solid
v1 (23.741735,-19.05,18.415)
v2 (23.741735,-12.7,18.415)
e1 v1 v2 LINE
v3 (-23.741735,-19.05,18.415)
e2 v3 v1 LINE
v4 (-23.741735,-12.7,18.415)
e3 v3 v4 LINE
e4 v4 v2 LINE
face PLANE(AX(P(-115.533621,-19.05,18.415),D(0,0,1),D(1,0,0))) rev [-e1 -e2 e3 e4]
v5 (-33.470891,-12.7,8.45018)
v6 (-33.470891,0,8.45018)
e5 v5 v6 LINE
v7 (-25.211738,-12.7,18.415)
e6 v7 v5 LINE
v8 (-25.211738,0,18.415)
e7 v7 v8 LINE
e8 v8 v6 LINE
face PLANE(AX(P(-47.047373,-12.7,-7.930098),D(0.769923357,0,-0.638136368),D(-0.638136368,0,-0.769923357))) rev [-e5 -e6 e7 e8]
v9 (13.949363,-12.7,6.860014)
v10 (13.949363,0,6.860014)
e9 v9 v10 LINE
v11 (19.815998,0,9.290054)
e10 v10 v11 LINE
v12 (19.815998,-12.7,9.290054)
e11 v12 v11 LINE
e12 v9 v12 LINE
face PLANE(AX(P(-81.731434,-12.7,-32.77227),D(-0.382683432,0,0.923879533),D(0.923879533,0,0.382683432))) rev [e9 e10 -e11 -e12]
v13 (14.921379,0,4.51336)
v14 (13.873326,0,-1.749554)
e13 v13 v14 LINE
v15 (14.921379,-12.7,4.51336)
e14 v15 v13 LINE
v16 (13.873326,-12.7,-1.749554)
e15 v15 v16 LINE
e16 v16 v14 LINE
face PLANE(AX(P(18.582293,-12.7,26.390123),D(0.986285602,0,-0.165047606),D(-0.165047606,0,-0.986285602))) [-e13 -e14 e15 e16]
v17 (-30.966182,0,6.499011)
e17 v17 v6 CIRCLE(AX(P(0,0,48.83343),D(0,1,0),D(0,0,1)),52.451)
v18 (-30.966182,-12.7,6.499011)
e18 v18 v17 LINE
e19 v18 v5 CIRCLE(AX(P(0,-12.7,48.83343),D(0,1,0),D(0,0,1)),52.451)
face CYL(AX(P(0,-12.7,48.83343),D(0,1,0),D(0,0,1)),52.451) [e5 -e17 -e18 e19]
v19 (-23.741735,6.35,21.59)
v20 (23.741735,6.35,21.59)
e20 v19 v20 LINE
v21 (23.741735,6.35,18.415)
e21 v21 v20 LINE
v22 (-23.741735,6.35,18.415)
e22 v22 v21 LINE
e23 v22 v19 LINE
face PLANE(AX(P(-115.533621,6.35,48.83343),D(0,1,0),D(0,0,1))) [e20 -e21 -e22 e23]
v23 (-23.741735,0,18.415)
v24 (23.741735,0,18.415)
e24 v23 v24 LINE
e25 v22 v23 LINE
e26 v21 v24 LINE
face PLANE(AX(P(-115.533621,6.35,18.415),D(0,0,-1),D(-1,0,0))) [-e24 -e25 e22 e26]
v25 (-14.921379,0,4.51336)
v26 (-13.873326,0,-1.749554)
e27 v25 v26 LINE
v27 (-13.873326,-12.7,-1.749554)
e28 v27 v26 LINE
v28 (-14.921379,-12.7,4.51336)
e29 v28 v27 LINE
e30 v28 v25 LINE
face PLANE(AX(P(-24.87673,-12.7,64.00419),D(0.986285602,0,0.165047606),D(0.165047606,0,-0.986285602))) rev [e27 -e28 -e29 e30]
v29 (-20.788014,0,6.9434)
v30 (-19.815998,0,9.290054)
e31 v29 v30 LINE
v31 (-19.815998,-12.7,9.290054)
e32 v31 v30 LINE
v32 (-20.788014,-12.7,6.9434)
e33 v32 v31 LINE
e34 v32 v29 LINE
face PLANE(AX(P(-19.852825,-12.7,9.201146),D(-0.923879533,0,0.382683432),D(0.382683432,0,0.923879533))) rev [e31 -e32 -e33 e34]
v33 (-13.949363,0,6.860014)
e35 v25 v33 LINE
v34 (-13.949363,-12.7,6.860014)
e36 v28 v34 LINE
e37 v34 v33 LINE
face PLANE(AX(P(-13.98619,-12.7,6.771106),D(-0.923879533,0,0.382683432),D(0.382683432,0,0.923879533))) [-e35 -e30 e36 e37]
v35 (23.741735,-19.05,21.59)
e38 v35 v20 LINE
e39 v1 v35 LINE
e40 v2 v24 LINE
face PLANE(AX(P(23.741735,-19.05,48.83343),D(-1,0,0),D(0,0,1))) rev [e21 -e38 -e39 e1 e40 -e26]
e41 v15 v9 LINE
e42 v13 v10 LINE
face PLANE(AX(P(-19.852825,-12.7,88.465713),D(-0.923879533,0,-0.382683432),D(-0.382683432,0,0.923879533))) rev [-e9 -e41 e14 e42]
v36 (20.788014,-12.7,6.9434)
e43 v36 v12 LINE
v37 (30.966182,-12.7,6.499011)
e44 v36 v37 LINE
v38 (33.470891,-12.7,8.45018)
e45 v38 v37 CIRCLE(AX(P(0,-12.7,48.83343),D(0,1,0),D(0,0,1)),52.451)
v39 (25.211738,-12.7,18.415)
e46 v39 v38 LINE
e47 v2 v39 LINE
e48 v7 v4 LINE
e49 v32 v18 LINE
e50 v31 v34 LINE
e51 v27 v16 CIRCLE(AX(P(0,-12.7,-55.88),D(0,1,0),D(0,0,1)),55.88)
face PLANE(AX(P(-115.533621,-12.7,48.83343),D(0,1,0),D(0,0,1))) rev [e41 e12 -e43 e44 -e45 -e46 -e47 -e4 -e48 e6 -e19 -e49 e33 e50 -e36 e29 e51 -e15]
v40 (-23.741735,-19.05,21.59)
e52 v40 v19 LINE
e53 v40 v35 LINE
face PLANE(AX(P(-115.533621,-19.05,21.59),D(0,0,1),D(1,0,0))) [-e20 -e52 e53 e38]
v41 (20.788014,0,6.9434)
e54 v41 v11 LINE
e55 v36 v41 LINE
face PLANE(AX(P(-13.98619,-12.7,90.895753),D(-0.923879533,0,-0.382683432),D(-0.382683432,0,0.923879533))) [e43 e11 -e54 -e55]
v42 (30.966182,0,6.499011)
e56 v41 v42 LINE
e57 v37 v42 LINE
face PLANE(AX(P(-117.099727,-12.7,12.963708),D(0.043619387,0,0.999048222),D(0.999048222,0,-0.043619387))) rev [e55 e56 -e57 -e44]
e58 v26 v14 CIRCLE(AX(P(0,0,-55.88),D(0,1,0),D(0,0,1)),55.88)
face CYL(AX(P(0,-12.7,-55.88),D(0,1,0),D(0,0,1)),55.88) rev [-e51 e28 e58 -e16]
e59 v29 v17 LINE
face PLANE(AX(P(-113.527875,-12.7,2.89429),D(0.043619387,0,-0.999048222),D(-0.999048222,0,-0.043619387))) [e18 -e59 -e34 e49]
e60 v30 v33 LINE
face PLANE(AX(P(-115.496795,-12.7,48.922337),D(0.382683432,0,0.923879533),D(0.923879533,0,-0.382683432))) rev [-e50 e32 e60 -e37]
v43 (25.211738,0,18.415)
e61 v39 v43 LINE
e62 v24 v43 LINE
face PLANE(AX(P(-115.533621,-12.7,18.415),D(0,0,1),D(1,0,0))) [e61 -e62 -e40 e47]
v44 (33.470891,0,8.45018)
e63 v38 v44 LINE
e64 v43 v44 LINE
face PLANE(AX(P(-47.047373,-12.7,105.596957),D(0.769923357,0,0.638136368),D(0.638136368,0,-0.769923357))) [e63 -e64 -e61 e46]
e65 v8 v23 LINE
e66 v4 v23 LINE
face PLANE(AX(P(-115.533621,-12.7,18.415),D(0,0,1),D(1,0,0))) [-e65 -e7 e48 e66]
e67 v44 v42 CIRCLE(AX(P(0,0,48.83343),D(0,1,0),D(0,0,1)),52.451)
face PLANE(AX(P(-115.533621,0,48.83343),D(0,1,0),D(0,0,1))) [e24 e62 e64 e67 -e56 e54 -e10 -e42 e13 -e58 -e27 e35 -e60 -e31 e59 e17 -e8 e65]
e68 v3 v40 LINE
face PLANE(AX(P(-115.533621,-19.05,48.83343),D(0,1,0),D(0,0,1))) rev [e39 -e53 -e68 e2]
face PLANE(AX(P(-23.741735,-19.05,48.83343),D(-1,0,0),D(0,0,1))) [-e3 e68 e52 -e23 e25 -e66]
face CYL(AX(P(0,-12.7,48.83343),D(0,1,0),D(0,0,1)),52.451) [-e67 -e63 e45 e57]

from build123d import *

# Parameters (mm, degrees)
BOSS_EXTRUDE1_DEPTH = 12.7
SKETCH1_5_W         = 47.483470806
SKETCH1_5_H         = 3.175
BOSS_EXTRUDE2_DEPTH = 6.35
SKETCH1_6_W         = 47.483470806
SKETCH1_6_H         = 3.175
BOSS_EXTRUDE3_DEPTH = 19.05


with BuildPart() as part:
    # Sketch1 → Boss-Extrude1 (new body)
    with BuildSketch(Plane(origin=(0, 0, 0), x_dir=(1, 0, 0), z_dir=(0, 1, 0))):
        with BuildLine():
            Line((25.211738376, -18.415), (33.470890643, -8.450179693))
            ThreePointArc((33.470890643, -8.450179693), (32.233303271, -7.455639016), (30.966181765, -6.499011214))
            Line((30.966181765, -6.499011214), (20.788013819, -6.943399623))
            Line((20.788013819, -6.943399623), (19.8159979, -9.290053636))
            Line((19.8159979, -9.290053636), (13.949362869, -6.86001384))
            Line((13.949362869, -6.86001384), (14.921378787, -4.513359828))
            Line((14.921378787, -4.513359828), (13.87332649, 1.749553742))
            ThreePointArc((13.87332649, 1.749553742), (0, 0), (-13.87332649, 1.749553742))
            Line((-13.87332649, 1.749553742), (-14.921378787, -4.513359828))
            Line((-14.921378787, -4.513359828), (-13.949362869, -6.86001384))
            Line((-13.949362869, -6.86001384), (-19.8159979, -9.290053636))
            Line((-19.8159979, -9.290053636), (-20.788013819, -6.943399623))
            Line((-20.788013819, -6.943399623), (-30.966181765, -6.499011214))
            ThreePointArc((-30.966181765, -6.499011214), (-32.233303271, -7.455639016), (-33.470890643, -8.450179693))
            Line((-33.470890643, -8.450179693), (-25.211738376, -18.415))
            Line((-25.211738376, -18.415), (25.211738376, -18.415))
        make_face()
    extrude(amount=-BOSS_EXTRUDE1_DEPTH)



with BuildPart() as body_2:
    # Sketch1<5> → Boss-Extrude2 (new body)
    with BuildSketch(Plane(origin=(0, 0, 0), x_dir=(1, 0, 0), z_dir=(0, 1, 0))):
        with Locations((0, -20.0025)):
            Rectangle(SKETCH1_5_W, SKETCH1_5_H)
    extrude(amount=BOSS_EXTRUDE2_DEPTH)


with BuildPart() as part_1:
    add(part.part)

    add(body_2.part)  # Boss-Extrude3 merges body 2
    # Sketch1<6> → Boss-Extrude3 (add)
    with BuildSketch(Plane(origin=(0, 0, 0), x_dir=(1, 0, 0), z_dir=(0, 1, 0))):
        with Locations((0, -20.0025)):
            Rectangle(SKETCH1_6_W, SKETCH1_6_H)
    extrude(amount=-BOSS_EXTRUDE3_DEPTH)


solid = part_1.part
